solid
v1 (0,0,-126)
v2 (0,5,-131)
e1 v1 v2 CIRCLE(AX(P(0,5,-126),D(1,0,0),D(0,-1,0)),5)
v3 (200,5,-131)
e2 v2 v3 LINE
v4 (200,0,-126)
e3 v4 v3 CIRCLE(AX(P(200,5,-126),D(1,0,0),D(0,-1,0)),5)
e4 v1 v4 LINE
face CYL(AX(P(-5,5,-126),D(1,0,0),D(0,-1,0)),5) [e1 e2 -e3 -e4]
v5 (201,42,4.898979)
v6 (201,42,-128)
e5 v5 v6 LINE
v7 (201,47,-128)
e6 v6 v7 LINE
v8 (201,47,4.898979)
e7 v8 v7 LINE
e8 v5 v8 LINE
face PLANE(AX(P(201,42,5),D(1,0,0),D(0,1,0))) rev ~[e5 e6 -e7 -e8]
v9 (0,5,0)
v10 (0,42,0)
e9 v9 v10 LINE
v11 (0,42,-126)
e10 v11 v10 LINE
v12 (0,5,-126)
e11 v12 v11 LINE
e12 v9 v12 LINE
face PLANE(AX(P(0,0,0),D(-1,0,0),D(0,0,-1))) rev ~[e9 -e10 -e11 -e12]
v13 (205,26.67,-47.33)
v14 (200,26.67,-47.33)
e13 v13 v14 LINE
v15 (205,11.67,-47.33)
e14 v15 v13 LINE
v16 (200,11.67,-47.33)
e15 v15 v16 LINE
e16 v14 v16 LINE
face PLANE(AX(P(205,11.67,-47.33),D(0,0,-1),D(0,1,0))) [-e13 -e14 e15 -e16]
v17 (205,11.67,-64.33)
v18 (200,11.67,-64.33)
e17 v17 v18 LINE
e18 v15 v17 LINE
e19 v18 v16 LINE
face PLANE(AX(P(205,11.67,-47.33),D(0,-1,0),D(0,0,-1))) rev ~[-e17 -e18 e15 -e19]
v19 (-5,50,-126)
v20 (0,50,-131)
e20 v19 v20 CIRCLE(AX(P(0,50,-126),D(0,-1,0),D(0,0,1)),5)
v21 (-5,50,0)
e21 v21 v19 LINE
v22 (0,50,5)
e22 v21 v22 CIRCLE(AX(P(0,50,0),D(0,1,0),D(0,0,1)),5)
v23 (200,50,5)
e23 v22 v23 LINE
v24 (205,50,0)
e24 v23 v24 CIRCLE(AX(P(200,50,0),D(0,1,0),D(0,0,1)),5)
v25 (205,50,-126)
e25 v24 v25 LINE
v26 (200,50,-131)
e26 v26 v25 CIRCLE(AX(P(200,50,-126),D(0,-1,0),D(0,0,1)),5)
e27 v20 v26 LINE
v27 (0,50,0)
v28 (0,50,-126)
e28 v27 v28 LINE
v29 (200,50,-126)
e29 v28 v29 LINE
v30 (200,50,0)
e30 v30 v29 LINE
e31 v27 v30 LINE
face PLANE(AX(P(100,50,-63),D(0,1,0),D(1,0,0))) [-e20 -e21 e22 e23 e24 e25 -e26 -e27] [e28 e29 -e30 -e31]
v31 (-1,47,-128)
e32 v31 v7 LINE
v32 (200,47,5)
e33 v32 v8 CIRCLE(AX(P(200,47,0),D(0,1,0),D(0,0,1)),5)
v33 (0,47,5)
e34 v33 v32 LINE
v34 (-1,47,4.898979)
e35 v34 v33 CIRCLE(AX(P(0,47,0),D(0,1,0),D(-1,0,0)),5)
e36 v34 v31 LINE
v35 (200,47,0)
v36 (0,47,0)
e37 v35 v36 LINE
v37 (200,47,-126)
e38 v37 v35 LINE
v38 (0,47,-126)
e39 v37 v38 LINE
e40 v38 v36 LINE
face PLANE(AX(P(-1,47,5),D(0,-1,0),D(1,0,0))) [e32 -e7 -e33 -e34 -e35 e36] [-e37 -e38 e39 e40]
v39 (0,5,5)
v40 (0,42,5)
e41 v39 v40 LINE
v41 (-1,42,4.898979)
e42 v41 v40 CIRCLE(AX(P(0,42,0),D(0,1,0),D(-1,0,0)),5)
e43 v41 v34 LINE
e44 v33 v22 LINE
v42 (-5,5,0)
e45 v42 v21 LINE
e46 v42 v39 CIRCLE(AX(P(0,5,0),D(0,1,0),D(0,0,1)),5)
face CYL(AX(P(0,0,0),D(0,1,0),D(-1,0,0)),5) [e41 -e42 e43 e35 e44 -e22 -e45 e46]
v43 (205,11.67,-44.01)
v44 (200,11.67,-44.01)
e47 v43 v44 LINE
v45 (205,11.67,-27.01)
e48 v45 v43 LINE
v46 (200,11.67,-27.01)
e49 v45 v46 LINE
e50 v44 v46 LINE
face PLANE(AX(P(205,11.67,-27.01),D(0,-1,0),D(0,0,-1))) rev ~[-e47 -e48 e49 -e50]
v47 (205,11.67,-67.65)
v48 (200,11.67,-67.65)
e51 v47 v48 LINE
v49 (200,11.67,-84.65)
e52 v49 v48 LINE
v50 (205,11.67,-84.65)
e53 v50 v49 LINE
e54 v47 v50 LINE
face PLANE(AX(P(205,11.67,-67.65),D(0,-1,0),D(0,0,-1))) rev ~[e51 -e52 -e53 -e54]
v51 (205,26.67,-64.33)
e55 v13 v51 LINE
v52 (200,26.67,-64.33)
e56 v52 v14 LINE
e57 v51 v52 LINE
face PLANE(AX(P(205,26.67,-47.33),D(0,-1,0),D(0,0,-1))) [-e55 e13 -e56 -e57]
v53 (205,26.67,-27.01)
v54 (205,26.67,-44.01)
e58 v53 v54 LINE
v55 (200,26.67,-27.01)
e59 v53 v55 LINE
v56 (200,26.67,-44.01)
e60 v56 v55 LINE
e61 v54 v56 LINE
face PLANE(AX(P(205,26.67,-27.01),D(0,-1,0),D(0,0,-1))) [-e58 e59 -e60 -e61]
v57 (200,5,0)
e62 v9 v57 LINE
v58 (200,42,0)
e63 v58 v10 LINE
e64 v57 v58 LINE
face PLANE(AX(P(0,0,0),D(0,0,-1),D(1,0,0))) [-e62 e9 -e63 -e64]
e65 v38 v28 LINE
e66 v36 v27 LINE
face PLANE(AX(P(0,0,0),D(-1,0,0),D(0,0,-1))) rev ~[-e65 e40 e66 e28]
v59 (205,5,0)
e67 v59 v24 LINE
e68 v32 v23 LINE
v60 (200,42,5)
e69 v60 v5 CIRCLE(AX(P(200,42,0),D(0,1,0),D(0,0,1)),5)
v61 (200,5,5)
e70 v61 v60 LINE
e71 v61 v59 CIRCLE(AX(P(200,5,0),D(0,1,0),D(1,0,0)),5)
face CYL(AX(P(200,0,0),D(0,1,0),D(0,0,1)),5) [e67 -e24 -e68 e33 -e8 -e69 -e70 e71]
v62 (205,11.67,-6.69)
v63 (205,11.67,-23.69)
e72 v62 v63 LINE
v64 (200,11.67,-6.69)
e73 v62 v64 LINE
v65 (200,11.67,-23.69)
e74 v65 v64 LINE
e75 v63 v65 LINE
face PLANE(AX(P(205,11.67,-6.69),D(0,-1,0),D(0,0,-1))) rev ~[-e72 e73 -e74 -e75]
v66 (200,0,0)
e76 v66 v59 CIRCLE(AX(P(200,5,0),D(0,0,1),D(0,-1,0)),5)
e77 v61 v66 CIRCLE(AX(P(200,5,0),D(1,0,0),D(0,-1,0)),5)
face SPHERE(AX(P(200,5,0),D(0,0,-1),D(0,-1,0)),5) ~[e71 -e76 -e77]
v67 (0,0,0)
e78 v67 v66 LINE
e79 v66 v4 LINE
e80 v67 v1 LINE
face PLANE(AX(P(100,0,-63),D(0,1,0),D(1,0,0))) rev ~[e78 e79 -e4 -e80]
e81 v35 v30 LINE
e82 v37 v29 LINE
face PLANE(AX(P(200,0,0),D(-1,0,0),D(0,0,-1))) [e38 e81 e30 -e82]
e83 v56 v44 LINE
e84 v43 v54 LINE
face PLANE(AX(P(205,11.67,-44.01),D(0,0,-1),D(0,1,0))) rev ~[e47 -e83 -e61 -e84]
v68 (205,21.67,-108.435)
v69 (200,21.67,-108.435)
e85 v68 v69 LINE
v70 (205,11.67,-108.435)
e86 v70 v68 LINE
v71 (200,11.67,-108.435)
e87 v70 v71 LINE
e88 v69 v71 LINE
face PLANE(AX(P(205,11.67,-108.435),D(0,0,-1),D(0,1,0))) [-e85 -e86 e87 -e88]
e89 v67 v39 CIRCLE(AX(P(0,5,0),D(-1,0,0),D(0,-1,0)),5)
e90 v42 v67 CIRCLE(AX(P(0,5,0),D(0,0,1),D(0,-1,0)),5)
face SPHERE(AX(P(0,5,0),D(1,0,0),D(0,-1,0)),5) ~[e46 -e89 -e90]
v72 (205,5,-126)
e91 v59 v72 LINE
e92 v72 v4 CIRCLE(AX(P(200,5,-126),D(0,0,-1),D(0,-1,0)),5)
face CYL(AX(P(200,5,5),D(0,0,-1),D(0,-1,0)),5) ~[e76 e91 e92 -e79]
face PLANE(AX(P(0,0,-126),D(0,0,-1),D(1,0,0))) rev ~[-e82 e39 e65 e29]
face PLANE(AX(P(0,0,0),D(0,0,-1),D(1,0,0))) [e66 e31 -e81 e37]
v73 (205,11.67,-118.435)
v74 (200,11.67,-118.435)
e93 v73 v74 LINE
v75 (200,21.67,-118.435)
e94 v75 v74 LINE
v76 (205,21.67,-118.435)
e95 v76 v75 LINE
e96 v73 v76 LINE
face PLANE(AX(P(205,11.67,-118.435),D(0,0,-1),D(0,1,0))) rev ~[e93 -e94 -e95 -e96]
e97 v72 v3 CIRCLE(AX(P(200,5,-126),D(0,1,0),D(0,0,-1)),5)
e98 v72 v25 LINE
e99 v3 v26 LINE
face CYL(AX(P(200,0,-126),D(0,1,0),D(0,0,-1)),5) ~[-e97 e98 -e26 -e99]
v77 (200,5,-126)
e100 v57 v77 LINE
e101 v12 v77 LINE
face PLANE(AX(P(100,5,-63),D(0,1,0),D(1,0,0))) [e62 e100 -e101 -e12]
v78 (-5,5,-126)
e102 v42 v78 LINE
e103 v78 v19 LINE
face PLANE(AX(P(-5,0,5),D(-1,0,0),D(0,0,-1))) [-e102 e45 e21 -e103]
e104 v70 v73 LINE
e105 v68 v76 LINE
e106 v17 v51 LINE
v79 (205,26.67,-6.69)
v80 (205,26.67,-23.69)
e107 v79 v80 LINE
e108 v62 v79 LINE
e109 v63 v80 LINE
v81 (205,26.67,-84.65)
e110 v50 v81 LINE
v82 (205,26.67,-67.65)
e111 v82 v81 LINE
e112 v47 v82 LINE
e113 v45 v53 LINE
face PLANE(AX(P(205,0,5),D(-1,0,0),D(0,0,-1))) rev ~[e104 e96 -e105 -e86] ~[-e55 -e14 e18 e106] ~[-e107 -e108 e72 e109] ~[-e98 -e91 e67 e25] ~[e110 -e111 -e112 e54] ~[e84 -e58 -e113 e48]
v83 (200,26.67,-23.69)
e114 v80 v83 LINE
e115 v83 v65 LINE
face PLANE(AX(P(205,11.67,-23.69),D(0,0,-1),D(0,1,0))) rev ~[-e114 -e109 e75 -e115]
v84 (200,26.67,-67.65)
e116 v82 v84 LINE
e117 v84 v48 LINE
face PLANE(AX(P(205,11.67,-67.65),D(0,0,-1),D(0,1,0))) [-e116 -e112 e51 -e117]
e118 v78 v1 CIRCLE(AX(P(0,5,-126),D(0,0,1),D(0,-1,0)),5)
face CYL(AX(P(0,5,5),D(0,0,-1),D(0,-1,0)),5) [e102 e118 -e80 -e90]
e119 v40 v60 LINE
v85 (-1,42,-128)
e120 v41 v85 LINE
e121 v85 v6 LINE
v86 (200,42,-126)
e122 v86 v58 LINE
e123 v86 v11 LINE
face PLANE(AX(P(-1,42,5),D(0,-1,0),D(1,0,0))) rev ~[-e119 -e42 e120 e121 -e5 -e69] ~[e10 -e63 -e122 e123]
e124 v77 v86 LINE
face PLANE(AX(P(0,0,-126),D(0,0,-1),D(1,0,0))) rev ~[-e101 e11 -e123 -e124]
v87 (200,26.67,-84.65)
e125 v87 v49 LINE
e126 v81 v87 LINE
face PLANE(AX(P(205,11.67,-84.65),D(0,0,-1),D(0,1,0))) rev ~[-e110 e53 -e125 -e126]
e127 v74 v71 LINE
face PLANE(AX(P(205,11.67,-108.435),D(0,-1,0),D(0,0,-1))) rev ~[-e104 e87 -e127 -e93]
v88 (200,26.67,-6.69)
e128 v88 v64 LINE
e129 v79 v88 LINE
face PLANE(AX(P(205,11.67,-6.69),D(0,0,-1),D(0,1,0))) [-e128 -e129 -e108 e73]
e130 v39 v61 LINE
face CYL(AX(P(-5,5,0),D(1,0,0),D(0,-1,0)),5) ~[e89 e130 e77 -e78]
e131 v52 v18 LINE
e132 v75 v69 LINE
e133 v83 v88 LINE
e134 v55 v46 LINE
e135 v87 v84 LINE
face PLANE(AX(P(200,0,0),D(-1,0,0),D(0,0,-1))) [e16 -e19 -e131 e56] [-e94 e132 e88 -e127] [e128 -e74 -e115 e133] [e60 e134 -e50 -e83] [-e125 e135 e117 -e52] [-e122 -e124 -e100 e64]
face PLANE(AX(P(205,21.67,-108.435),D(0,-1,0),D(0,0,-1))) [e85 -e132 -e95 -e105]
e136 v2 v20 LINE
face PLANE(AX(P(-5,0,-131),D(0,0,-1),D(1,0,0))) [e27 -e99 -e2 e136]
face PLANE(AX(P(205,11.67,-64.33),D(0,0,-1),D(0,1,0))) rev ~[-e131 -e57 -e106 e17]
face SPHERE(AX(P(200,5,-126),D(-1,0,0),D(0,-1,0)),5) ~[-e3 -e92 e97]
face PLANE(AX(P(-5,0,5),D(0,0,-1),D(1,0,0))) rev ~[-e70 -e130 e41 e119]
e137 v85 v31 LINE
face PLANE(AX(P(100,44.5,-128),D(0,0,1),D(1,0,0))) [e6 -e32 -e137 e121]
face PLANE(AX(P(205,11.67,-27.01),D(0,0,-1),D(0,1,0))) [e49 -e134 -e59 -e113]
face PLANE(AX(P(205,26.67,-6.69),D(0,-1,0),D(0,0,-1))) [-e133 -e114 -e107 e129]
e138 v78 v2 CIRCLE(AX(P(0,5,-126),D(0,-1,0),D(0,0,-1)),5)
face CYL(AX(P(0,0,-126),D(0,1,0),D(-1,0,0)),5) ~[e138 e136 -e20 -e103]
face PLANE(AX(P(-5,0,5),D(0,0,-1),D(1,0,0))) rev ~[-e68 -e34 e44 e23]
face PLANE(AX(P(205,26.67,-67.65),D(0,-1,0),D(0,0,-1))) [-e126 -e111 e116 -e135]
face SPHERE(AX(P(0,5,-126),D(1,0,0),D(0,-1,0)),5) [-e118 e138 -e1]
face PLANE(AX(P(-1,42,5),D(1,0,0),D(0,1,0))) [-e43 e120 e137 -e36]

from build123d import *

# Parameters (mm, degrees)
SKETCH1_W           = 210
SKETCH1_H           = 136
SKETCH1_W_2         = 200
SKETCH1_H_2         = 126
EXTRUDE_THIN1_DEPTH = 50
SKETCH1_2_W         = 200
SKETCH1_2_H         = 126
BOSS_EXTRUDE1_DEPTH = 5
FILLET1_R           = 5
SKETCH2_W           = 202
SKETCH2_H           = 5
CUT_EXTRUDE1_DEPTH  = 133
SKETCH3_W           = 17
SKETCH3_H           = 15
SKETCH3_W_2         = 10
SKETCH3_H_2         = 10
CUT_EXTRUDE2_DEPTH  = 10


with BuildPart() as part:
    # Sketch1 → Extrude-Thin1 (new body)
    with BuildSketch(Plane(origin=(0, 0, 0), x_dir=(1, 0, 0), z_dir=(0, 1, 0))):
        with Locations((100, 63)):
            Rectangle(SKETCH1_W, SKETCH1_H)
        with Locations((100, 63)):
            Rectangle(SKETCH1_W_2, SKETCH1_H_2, mode=Mode.SUBTRACT)
    extrude(amount=EXTRUDE_THIN1_DEPTH)

    # Sketch1<2> → Boss-Extrude1 (add)
    with BuildSketch(Plane(origin=(0, 0, 0), x_dir=(1, 0, 0), z_dir=(0, 1, 0))):
        with Locations((100, 63)):
            Rectangle(SKETCH1_2_W, SKETCH1_2_H)
    extrude(amount=BOSS_EXTRUDE1_DEPTH)

    # Fillet1
    fillet1_edges = [part.edges().sort_by_distance(p)[0] for p in [
        (100, 0, -131),
        (205, 0, -63),
        (100, 0, 5),
        (-5, 0, -63),
        (-5, 25, -131),
        (205, 25, -131),
        (205, 25, 5),
        (-5, 25, 5),
    ]]
    fillet(fillet1_edges, radius=FILLET1_R)

    # Sketch2 → Cut-Extrude1 (cut)
    with BuildSketch(Plane.XY.offset(5)):
        with Locations((100, 44.5)):
            Rectangle(SKETCH2_W, SKETCH2_H)
    extrude(amount=-CUT_EXTRUDE1_DEPTH, mode=Mode.SUBTRACT)

    # Sketch3 → Cut-Extrude2 (cut)
    with BuildSketch(Plane(origin=(205, 0, 0), x_dir=(0, 0, -1), z_dir=(1, 0, 0))):
        with Locations((15.19, 19.17)):
            Rectangle(SKETCH3_W, SKETCH3_H)
        with Locations((35.51, 19.17)):
            Rectangle(SKETCH3_W, SKETCH3_H)
        with Locations((55.83, 19.17)):
            Rectangle(SKETCH3_W, SKETCH3_H)
        with Locations((76.15, 19.17)):
            Rectangle(SKETCH3_W, SKETCH3_H)
        with Locations((113.435, 16.67)):
            Rectangle(SKETCH3_W_2, SKETCH3_H_2)
    extrude(amount=-CUT_EXTRUDE2_DEPTH, mode=Mode.SUBTRACT)


solid = part.part
